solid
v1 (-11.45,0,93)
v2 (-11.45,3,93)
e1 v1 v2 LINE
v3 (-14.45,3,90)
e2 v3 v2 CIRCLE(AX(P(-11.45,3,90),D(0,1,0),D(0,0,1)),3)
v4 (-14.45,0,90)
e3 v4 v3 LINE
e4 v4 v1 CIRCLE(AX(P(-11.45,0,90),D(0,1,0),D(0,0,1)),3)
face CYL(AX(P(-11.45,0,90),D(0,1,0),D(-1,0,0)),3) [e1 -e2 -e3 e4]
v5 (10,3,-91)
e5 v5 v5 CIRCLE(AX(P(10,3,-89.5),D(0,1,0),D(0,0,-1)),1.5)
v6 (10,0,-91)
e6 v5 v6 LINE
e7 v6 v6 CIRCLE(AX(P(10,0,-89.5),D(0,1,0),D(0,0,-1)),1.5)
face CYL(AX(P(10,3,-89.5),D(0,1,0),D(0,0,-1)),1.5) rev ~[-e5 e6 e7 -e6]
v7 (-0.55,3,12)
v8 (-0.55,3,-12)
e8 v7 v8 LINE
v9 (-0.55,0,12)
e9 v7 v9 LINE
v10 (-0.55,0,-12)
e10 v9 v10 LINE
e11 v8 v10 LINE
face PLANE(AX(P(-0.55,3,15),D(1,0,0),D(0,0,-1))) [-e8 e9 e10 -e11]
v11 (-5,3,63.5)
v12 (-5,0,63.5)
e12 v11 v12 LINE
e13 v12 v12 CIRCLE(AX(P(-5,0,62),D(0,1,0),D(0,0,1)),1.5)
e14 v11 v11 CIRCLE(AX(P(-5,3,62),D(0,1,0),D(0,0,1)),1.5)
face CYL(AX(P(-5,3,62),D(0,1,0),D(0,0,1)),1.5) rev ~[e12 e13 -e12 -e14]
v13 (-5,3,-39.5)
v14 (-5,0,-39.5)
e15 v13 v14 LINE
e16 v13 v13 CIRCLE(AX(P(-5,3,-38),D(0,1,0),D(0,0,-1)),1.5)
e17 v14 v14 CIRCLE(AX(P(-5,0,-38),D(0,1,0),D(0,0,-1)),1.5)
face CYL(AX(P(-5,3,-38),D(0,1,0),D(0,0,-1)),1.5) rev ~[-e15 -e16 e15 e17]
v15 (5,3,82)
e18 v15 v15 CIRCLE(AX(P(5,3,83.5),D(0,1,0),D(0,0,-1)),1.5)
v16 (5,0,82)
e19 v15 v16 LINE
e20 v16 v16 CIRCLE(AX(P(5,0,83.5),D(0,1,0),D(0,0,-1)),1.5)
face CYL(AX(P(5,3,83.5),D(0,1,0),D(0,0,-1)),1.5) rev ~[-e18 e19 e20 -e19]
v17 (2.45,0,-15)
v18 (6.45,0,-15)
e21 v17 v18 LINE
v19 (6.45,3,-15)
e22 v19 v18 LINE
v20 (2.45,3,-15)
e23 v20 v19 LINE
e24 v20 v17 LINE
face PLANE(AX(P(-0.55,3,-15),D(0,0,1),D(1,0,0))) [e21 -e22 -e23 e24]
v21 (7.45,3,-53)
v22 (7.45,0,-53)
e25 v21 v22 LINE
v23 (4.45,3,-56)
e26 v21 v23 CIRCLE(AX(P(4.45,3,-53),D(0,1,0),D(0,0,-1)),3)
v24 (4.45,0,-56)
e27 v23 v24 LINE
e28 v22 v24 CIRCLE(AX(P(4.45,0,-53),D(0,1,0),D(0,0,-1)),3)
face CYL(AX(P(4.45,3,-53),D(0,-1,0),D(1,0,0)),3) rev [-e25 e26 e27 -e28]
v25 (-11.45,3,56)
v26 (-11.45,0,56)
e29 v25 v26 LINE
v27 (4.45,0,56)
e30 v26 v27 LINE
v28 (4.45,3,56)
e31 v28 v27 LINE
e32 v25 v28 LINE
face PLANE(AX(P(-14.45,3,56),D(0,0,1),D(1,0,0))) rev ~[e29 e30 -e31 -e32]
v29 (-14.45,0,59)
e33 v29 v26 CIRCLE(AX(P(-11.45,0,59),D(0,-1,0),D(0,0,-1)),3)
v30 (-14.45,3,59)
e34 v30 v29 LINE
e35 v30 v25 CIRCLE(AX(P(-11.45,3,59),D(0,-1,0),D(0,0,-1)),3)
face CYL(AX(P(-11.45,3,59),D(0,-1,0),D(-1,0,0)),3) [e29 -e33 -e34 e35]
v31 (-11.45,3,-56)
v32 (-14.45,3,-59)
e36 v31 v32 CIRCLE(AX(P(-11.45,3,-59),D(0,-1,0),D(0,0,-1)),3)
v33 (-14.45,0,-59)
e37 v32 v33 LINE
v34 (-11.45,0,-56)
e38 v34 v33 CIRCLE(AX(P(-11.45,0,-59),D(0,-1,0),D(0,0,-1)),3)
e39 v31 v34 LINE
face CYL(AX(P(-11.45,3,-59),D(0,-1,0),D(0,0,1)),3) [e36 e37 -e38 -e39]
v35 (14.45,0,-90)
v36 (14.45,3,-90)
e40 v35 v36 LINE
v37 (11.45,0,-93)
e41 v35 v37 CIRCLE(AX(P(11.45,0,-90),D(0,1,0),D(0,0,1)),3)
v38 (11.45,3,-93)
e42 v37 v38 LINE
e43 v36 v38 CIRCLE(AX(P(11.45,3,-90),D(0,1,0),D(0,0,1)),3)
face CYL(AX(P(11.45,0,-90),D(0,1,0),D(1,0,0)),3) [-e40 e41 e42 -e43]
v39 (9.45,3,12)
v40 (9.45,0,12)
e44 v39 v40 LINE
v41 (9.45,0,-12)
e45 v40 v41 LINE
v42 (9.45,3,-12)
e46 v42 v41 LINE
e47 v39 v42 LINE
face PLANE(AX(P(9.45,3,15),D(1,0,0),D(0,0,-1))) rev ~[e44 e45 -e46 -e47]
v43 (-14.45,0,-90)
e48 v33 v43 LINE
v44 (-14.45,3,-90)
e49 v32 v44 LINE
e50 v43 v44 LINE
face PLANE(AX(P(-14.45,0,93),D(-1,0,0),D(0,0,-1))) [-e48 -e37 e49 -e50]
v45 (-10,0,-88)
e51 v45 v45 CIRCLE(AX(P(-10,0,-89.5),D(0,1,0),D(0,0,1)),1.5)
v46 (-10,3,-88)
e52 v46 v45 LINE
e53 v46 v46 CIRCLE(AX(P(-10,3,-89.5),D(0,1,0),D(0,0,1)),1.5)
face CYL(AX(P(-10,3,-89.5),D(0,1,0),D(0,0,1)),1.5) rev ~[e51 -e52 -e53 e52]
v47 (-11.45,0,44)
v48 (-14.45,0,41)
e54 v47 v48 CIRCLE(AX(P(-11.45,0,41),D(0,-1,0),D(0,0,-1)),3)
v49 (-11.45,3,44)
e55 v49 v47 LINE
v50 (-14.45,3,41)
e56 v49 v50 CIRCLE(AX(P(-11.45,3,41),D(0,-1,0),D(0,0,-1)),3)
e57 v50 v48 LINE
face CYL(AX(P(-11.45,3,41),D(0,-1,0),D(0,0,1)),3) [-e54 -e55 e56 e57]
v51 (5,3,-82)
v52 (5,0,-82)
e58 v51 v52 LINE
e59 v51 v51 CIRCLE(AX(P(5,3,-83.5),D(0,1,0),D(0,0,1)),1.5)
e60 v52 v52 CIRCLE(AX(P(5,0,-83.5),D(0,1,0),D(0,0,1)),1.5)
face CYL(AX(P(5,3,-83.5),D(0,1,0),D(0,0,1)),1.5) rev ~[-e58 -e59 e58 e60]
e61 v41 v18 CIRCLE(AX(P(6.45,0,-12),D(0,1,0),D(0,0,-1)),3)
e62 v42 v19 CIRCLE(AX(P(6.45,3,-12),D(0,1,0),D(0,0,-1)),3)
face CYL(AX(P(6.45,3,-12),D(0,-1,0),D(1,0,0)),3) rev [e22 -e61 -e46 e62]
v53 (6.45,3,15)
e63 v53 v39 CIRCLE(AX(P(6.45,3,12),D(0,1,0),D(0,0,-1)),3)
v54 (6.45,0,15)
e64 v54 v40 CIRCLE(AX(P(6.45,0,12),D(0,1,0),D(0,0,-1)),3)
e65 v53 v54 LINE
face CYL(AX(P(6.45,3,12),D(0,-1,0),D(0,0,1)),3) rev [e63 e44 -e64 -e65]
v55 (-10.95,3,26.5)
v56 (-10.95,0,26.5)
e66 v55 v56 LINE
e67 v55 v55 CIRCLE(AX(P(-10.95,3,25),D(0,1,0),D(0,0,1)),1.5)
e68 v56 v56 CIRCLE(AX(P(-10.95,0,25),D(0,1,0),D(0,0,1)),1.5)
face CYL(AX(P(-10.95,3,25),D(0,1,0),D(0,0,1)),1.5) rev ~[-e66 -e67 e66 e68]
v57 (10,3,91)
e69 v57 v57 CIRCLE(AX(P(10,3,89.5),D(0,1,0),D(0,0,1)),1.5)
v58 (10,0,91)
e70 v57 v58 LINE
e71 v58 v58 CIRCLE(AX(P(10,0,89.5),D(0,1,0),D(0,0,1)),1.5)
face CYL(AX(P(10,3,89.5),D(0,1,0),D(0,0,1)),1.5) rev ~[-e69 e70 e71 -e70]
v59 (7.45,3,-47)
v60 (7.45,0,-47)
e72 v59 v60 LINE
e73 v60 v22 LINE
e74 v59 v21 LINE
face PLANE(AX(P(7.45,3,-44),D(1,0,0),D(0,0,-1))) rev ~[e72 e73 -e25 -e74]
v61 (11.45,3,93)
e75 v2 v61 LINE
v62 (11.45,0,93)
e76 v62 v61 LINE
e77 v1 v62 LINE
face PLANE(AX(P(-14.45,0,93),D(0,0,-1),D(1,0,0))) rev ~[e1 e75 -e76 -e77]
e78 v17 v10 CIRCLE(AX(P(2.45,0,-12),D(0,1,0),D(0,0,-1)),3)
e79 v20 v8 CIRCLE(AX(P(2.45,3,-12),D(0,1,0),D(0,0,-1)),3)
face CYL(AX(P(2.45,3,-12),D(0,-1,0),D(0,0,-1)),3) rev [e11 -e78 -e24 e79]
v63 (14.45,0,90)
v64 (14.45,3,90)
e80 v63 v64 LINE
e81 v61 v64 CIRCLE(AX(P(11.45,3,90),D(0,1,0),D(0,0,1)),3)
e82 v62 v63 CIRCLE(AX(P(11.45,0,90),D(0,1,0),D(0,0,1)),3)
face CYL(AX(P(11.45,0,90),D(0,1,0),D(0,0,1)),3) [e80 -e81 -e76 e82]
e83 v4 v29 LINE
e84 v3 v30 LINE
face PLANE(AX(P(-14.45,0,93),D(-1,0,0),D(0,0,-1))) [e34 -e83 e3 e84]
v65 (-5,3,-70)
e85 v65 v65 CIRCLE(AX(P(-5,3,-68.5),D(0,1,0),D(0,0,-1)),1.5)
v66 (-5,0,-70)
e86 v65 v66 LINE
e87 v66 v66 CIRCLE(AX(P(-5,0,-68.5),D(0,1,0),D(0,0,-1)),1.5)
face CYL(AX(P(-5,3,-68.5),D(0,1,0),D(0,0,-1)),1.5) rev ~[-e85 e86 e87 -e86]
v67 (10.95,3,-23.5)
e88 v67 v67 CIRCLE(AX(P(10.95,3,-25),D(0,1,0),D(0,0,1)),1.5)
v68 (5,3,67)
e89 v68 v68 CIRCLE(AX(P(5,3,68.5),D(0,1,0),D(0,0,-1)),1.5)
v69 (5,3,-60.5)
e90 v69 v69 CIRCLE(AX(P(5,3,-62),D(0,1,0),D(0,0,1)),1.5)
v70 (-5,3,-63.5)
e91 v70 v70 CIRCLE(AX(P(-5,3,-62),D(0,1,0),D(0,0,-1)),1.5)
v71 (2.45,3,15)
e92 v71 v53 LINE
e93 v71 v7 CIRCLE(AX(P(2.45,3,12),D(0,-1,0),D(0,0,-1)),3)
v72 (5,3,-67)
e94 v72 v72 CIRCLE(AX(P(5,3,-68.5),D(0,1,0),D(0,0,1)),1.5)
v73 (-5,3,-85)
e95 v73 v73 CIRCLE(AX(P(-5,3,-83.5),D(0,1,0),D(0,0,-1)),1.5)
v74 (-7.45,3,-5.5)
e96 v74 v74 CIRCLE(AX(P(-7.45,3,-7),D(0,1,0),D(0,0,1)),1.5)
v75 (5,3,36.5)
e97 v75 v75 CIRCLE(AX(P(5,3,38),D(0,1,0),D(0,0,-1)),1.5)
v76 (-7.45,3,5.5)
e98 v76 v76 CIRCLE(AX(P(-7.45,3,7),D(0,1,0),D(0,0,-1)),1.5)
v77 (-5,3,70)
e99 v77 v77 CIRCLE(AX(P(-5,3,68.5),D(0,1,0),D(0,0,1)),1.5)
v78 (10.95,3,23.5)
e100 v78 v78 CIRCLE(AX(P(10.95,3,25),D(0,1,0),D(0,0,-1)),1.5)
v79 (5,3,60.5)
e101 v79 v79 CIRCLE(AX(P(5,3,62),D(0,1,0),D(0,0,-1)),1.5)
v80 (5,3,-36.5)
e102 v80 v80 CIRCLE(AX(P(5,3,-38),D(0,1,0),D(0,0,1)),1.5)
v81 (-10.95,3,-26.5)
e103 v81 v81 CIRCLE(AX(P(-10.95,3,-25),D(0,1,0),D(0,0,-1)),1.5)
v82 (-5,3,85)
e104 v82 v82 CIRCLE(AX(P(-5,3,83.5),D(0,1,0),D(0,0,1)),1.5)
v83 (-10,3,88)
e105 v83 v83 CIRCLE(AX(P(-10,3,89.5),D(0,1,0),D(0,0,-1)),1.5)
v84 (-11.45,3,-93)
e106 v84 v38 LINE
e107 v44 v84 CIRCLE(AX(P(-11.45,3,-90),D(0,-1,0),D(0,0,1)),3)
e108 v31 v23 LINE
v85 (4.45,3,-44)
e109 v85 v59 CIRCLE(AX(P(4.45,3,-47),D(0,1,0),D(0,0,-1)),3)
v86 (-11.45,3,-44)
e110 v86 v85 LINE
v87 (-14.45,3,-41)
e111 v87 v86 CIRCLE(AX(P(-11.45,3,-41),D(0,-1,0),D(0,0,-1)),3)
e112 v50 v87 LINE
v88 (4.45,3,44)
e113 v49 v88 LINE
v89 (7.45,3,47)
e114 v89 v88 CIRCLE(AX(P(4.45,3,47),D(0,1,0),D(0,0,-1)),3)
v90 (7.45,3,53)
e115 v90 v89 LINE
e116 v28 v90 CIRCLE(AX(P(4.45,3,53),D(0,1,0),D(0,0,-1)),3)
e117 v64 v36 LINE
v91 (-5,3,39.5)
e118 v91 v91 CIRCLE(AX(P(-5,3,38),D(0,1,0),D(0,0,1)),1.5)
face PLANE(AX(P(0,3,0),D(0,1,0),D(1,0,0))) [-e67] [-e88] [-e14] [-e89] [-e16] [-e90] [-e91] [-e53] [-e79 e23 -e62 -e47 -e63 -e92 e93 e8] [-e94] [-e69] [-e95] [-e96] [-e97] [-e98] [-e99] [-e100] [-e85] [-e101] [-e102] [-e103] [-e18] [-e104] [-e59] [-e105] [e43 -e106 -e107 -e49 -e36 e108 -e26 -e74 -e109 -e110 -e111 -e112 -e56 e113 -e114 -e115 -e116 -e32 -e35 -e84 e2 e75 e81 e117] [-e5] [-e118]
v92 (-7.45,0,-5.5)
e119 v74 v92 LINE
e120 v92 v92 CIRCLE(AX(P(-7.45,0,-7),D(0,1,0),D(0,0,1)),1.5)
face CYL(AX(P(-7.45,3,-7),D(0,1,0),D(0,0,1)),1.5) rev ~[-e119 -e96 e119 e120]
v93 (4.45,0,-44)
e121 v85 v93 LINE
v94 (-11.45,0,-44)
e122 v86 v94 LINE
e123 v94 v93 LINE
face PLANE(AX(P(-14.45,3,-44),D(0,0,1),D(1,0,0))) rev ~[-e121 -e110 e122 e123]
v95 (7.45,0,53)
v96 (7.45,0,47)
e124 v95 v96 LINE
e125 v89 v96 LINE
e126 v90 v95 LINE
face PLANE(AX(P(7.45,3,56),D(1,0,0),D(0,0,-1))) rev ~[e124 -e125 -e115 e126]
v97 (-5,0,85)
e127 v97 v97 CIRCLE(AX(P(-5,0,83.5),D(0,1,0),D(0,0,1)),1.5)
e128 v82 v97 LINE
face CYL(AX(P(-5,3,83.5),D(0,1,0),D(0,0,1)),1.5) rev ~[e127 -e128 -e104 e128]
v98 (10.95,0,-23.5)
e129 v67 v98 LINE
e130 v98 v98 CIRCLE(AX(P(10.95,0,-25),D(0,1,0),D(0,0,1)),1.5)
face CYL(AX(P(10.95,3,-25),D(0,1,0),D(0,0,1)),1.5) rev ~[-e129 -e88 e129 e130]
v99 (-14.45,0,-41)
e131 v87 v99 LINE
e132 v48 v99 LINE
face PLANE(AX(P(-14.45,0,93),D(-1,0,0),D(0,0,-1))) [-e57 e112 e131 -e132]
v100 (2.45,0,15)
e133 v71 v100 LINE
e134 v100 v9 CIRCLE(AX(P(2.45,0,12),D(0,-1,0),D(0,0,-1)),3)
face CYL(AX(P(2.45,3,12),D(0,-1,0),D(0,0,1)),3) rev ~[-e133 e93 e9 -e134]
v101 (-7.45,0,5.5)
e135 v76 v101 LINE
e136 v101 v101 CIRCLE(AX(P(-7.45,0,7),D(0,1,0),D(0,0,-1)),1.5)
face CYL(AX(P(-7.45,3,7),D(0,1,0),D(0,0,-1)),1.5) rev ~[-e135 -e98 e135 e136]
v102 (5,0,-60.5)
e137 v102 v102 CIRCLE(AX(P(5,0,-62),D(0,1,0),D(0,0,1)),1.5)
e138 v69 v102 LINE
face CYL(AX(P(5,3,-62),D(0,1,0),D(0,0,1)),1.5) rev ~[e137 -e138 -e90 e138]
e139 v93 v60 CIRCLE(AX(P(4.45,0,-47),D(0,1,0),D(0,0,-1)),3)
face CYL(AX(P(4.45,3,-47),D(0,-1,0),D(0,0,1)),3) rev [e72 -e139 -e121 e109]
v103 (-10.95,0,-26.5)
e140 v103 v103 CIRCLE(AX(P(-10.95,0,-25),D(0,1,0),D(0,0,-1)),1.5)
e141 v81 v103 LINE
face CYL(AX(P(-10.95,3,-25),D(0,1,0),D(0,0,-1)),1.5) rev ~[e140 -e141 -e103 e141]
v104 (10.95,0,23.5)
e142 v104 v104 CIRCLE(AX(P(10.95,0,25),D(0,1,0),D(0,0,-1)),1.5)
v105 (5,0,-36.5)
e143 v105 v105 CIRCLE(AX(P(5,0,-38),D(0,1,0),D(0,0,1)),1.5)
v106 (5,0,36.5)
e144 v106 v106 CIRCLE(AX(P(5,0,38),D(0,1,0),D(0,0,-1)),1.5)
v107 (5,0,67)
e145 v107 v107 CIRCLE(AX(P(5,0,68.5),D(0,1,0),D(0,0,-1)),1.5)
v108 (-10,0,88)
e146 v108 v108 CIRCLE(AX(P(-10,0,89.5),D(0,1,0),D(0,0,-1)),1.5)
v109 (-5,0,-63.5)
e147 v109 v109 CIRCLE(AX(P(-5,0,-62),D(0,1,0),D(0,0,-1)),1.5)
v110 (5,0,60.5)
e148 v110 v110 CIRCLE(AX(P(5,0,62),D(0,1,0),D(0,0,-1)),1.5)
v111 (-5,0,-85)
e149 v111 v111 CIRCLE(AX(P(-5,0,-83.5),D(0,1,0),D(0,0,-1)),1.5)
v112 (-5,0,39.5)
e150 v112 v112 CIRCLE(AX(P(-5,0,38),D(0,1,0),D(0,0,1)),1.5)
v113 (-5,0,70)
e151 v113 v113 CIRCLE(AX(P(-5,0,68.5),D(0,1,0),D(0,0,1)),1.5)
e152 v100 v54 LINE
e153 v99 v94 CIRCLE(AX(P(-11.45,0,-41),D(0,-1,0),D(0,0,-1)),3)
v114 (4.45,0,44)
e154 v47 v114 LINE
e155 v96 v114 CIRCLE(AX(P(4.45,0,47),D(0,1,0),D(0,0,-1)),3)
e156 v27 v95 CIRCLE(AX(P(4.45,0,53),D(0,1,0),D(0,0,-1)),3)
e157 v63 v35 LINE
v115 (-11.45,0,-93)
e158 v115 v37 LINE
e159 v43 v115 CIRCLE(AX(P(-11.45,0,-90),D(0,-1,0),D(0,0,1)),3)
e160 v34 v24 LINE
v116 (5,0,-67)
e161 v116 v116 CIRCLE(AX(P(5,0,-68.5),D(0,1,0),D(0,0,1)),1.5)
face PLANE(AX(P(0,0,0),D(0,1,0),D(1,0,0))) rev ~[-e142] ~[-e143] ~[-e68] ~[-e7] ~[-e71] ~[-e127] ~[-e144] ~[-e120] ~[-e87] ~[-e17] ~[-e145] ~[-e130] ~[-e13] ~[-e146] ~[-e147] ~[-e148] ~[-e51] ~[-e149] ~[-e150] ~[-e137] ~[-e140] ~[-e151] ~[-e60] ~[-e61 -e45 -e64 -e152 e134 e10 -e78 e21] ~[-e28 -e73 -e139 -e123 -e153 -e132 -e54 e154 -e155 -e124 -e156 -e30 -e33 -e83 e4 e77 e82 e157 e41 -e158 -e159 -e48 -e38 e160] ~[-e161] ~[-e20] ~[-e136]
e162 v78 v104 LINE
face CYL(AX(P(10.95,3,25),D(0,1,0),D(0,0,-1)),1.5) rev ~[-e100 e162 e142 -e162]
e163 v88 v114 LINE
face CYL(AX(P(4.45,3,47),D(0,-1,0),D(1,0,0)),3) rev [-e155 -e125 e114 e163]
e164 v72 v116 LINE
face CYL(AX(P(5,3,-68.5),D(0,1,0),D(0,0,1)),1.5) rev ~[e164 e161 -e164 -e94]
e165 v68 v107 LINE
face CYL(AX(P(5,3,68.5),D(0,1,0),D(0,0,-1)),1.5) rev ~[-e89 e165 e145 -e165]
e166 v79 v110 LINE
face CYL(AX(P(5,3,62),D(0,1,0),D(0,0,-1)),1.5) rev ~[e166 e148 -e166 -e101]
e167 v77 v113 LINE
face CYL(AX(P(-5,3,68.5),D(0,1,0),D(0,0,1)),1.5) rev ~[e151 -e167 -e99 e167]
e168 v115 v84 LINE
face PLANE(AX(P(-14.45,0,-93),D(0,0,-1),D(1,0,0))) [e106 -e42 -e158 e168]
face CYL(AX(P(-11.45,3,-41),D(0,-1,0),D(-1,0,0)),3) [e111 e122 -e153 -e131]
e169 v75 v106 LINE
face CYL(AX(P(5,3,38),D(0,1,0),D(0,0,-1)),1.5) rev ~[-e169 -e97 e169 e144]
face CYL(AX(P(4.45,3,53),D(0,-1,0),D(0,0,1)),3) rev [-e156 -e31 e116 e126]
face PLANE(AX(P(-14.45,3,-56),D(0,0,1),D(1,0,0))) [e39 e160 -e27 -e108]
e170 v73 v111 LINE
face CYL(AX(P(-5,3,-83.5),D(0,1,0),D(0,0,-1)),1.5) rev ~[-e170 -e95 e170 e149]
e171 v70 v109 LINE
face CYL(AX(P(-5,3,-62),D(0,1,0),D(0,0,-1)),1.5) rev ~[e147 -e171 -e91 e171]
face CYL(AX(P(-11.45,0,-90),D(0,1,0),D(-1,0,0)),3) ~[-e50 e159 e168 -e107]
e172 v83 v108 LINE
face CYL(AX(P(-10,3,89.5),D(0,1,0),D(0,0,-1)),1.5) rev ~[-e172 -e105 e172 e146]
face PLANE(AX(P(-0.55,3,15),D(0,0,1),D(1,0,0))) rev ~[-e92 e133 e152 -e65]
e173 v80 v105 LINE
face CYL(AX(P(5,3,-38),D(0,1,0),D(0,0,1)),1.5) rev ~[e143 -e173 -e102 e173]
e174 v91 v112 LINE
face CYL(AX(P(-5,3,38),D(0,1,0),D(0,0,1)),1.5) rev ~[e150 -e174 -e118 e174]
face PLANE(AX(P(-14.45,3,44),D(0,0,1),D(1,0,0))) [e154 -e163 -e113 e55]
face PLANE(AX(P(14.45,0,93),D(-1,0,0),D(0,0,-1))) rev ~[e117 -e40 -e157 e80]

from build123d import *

# Parameters (mm, degrees)
SKETCH_1_W          = 28.9
SKETCH_1_H          = 186
EXTRUDE_1_DEPTH     = 3
FILLET_1_R          = 3
SKETCH_2_R          = 1.5
SKETCH_2_W          = 21.9
SKETCH_2_H          = 12
CUT_EXTRUDE_1_DEPTH = 3
FILLET_2_R          = 3
SKETCH_3_W          = 10
SKETCH_3_H          = 30
CUT_EXTRUDE_2_DEPTH = 3
FILLET_3_R          = 3


with BuildPart() as part:
    # 草图1 → 凸台-拉伸1 (new body)
    with BuildSketch(Plane(origin=(0, 0, 0), x_dir=(1, 0, 0), z_dir=(0, 1, 0))):
        Rectangle(SKETCH_1_W, SKETCH_1_H)
    extrude(amount=EXTRUDE_1_DEPTH)

    # 圆角1
    fillet_1_edges = [part.edges().sort_by_distance(p)[0] for p in [
        (14.45, 1.5, -93),
        (-14.45, 1.5, -93),
        (-14.45, 1.5, 93),
        (14.45, 1.5, 93),
    ]]
    fillet(fillet_1_edges, radius=FILLET_1_R)

    # 草图2 → 切除-拉伸1 (cut)
    with BuildSketch(Plane(origin=(0, 3, 0), x_dir=(1, 0, 0), z_dir=(0, 1, 0))):
        with Locations((10, -89.5)):
            Circle(SKETCH_2_R)
        with Locations((-10, -89.5)):
            Circle(SKETCH_2_R)
        with Locations((-10, 89.5)):
            Circle(SKETCH_2_R)
        with Locations((10, 89.5)):
            Circle(SKETCH_2_R)
        with Locations((-5, -38)):
            Circle(SKETCH_2_R)
        with Locations((-5, -62)):
            Circle(SKETCH_2_R)
        with Locations((5, -38)):
            Circle(SKETCH_2_R)
        with Locations((5, -62)):
            Circle(SKETCH_2_R)
        with Locations((5, 62)):
            Circle(SKETCH_2_R)
        with Locations((-5, 62)):
            Circle(SKETCH_2_R)
        with Locations((5, 38)):
            Circle(SKETCH_2_R)
        with Locations((-5, 38)):
            Circle(SKETCH_2_R)
        with Locations((-7.45, 7)):
            Circle(SKETCH_2_R)
        with Locations((-7.45, -7)):
            Circle(SKETCH_2_R)
        with Locations((-5, -68.5)):
            Circle(SKETCH_2_R)
        with Locations((-5, -83.5)):
            Circle(SKETCH_2_R)
        with Locations((5, -83.5)):
            Circle(SKETCH_2_R)
        with Locations((5, -68.5)):
            Circle(SKETCH_2_R)
        with Locations((5, 83.5)):
            Circle(SKETCH_2_R)
        with Locations((-5, 83.5)):
            Circle(SKETCH_2_R)
        with Locations((5, 68.5)):
            Circle(SKETCH_2_R)
        with Locations((-5, 68.5)):
            Circle(SKETCH_2_R)
        with Locations((10.95, 25)):
            Circle(SKETCH_2_R)
        with Locations((10.95, -25)):
            Circle(SKETCH_2_R)
        with Locations((-10.95, -25)):
            Circle(SKETCH_2_R)
        with Locations((-10.95, 25)):
            Circle(SKETCH_2_R)
        with Locations((-3.5, 50)):
            Rectangle(SKETCH_2_W, SKETCH_2_H)
        with Locations((-3.5, -50)):
            Rectangle(SKETCH_2_W, SKETCH_2_H)
    extrude(amount=-CUT_EXTRUDE_1_DEPTH, mode=Mode.SUBTRACT)

    # 圆角2
    fillet_2_edges = [part.edges().sort_by_distance(p)[0] for p in [
        (-14.45, 1.5, 56),
        (-14.45, 1.5, 44),
        (-14.45, 1.5, -44),
        (-14.45, 1.5, -56),
        (7.45, 1.5, 56),
        (7.45, 1.5, 44),
        (7.45, 1.5, -44),
        (7.45, 1.5, -56),
    ]]
    fillet(fillet_2_edges, radius=FILLET_2_R)

    # 草图3 → 切除-拉伸2 (cut)
    with BuildSketch(Plane(origin=(0, 3, 0), x_dir=(1, 0, 0), z_dir=(0, 1, 0))):
        with Locations((4.45, 0)):
            Rectangle(SKETCH_3_W, SKETCH_3_H)
    extrude(amount=-CUT_EXTRUDE_2_DEPTH, mode=Mode.SUBTRACT)

    # 圆角3
    fillet_3_edges = [part.edges().sort_by_distance(p)[0] for p in [
        (-0.55, 1.5, 15),
        (9.45, 1.5, 15),
        (9.45, 1.5, -15),
        (-0.55, 1.5, -15),
    ]]
    fillet(fillet_3_edges, radius=FILLET_3_R)


solid = part.part
